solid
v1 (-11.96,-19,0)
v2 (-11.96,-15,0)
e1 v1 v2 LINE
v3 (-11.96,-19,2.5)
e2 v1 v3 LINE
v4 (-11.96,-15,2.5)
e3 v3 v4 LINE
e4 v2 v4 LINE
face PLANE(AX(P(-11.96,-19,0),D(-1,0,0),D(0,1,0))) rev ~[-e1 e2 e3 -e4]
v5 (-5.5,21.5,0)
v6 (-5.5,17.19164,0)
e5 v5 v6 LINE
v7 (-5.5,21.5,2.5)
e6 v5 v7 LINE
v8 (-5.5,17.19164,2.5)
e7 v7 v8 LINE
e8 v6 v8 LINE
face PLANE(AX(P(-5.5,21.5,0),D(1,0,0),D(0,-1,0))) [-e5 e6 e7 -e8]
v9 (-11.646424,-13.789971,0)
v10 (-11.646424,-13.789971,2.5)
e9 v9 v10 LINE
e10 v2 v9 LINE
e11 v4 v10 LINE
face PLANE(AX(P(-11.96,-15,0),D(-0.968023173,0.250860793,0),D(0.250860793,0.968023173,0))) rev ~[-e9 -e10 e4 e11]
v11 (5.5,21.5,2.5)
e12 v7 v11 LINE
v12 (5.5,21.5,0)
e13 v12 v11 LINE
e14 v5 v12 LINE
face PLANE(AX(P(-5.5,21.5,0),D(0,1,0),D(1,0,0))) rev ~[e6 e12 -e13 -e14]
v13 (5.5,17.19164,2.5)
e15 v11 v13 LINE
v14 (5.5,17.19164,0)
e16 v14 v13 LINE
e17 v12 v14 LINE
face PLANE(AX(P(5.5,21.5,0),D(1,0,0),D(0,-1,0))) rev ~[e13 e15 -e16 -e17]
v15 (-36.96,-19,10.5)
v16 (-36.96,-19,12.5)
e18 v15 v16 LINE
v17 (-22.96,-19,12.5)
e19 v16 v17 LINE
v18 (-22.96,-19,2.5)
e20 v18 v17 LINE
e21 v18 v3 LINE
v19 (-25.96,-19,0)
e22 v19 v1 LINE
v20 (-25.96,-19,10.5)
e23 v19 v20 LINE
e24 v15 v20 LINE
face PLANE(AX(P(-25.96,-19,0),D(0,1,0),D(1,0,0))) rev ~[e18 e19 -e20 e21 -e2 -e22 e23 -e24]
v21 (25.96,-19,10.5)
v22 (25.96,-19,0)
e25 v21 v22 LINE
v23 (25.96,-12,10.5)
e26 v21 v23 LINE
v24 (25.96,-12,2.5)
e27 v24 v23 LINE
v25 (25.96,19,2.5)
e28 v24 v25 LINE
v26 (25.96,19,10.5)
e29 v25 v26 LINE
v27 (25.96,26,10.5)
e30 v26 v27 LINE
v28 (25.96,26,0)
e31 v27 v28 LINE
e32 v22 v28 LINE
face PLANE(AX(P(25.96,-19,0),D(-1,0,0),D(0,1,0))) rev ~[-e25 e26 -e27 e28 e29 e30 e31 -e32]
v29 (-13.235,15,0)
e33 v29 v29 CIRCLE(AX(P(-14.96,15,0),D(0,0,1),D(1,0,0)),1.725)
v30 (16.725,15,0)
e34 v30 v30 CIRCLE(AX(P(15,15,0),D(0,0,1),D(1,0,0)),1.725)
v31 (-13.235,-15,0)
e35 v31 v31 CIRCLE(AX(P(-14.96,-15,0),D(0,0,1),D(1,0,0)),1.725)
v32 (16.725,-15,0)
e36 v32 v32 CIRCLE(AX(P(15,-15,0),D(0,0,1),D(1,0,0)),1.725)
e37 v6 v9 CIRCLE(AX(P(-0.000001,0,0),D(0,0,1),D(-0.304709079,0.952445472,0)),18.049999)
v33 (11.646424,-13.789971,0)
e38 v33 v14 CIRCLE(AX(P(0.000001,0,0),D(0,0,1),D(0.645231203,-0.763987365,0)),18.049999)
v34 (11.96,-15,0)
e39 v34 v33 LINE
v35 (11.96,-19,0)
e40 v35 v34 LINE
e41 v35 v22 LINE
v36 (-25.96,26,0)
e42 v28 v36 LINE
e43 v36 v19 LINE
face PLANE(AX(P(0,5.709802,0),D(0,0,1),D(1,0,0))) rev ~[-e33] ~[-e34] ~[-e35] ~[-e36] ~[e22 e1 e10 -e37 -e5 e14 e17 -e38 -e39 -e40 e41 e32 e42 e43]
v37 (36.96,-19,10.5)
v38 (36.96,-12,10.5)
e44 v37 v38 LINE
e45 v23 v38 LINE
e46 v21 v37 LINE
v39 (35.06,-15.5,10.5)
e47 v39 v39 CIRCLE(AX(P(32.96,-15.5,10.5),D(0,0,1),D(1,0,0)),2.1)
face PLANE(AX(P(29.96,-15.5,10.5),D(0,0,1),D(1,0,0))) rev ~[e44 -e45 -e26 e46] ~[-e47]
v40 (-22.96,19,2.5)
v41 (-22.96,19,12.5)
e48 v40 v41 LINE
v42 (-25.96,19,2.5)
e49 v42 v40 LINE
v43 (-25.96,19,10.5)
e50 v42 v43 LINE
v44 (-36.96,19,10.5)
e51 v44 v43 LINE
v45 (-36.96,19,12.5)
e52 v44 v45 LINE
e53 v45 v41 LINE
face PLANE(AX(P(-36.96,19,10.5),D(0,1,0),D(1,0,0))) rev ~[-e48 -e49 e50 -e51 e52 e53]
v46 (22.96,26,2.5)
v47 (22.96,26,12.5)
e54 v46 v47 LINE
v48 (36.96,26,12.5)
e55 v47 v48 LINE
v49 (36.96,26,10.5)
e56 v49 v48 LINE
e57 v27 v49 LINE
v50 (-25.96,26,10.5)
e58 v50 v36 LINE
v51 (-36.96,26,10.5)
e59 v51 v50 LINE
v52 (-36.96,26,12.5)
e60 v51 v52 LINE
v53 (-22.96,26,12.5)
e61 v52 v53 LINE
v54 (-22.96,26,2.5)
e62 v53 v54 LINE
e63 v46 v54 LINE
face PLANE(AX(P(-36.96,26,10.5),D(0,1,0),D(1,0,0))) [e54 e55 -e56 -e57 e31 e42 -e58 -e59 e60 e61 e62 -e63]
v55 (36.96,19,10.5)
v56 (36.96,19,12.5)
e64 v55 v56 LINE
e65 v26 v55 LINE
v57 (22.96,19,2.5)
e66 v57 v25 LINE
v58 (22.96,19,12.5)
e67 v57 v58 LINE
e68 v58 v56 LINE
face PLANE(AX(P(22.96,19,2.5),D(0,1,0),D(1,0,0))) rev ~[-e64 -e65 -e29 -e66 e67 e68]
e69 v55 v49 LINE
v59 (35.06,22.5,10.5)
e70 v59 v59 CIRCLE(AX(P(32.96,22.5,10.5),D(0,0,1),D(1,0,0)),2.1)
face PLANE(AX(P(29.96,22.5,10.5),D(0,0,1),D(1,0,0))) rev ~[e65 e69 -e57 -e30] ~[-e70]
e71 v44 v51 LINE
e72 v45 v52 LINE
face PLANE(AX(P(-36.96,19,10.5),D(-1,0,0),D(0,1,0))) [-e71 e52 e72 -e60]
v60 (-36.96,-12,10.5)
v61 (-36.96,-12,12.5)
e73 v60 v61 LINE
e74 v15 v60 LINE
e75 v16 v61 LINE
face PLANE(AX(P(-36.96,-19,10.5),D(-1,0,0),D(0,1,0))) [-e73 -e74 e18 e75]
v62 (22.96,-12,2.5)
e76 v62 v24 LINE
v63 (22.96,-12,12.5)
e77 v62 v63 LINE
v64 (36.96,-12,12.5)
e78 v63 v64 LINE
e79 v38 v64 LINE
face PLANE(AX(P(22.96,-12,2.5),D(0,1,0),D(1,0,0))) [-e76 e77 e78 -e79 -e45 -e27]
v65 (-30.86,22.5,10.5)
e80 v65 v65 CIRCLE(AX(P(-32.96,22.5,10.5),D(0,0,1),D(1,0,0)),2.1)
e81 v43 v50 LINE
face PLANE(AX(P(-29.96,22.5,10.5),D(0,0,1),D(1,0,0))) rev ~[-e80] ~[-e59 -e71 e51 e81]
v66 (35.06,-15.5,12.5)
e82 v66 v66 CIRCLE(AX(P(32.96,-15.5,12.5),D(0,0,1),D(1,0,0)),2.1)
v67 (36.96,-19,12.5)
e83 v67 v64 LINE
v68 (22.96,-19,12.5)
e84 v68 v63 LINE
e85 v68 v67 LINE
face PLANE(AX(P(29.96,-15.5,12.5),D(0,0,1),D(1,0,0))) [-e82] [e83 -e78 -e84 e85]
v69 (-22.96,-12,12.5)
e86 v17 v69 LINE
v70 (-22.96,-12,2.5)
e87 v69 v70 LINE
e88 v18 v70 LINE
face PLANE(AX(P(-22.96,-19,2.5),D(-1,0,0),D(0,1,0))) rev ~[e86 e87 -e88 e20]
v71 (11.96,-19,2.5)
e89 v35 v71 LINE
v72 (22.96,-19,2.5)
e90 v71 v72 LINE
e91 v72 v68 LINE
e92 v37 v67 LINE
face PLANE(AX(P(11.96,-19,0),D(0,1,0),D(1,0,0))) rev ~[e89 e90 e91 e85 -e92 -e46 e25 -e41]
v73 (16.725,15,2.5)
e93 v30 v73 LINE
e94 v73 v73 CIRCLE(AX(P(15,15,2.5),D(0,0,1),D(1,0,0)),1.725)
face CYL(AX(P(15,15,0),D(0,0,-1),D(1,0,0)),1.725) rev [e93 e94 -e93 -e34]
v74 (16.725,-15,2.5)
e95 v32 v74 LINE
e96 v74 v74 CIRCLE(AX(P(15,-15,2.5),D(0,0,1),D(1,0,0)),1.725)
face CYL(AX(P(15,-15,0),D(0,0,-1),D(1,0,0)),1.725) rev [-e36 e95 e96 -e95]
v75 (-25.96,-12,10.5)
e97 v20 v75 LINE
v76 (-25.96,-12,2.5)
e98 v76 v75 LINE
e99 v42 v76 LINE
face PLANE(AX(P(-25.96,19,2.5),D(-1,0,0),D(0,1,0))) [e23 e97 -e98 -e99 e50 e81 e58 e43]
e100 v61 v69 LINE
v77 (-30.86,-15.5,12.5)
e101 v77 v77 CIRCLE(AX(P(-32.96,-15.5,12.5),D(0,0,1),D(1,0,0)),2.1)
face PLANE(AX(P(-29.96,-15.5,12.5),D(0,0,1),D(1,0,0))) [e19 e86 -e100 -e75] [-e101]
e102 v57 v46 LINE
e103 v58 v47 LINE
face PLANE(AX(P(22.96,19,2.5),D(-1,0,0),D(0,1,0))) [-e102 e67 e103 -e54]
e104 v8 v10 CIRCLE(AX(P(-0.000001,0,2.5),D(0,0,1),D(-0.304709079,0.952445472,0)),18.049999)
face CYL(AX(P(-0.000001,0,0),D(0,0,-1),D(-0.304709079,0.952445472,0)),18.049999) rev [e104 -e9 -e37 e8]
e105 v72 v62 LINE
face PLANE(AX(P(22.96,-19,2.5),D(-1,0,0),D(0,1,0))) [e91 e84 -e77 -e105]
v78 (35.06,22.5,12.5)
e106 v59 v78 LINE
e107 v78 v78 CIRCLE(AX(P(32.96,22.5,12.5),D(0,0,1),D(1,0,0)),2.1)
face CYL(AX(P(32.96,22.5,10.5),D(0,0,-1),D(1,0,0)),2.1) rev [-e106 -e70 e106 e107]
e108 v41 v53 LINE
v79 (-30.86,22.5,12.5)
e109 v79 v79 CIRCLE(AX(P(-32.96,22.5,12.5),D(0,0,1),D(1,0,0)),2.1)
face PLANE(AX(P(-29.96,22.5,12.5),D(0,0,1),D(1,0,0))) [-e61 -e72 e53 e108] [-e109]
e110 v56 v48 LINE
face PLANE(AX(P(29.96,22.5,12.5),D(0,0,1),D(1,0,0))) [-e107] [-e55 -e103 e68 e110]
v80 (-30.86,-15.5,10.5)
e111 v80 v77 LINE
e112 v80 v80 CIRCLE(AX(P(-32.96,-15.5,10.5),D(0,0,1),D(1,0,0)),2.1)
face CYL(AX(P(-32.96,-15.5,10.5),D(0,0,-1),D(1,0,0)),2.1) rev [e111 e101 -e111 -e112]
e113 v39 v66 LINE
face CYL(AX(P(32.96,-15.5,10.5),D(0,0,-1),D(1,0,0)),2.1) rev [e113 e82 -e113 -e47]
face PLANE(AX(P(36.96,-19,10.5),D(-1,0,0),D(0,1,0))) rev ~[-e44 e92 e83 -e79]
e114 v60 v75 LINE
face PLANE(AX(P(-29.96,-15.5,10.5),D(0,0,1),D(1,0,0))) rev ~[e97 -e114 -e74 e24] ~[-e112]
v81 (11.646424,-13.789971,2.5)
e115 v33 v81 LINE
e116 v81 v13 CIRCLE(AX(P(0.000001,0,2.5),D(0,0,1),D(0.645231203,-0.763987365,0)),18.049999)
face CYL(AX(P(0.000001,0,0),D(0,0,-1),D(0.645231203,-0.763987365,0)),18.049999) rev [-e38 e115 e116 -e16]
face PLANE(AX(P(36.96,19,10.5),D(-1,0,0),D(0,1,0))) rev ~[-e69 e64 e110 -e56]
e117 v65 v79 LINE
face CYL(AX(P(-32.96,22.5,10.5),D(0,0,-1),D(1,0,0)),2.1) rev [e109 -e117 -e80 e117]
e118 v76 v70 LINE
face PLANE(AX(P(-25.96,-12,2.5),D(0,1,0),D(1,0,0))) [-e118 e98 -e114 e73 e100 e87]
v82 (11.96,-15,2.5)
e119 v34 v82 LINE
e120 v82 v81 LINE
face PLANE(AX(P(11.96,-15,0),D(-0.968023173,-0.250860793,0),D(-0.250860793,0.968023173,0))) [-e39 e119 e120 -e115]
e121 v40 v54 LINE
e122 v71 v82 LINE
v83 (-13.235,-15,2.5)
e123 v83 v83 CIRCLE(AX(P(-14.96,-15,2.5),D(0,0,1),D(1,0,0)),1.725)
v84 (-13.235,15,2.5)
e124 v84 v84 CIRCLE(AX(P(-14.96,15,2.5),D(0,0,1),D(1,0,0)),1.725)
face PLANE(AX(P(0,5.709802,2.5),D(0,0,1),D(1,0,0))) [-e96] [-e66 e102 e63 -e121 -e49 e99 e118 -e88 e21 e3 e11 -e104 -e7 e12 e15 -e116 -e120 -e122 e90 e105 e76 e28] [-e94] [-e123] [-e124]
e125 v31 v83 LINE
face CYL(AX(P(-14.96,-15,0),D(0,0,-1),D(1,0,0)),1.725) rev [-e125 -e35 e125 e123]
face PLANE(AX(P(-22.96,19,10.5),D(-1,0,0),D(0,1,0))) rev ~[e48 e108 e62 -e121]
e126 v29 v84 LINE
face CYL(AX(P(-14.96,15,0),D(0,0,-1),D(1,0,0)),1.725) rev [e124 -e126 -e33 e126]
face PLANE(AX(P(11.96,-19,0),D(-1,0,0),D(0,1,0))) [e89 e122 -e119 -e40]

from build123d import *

# Parameters (mm, degrees)
SKETCH_R     = 1.725
PAD_DEPTH    = 2.5
SKETCH002_W  = 3
SKETCH002_H  = 7
PAD001_DEPTH = 8
SKETCH003_W  = 14
SKETCH003_H  = 7
SKETCH003_R  = 2.1
PAD002_DEPTH = 2


with BuildPart() as part:
    # Sketch → Pad (new body)
    with BuildSketch(Plane.XY):
        with BuildLine():
            Line((-19.96, -19), (-11.96, -19))
            Line((-11.96, -19), (-11.96, -15))
            Line((-11.96, -15), (-11.646424, -13.789971))
            ThreePointArc((-5.5, 17.19164), (-17.704944, 3.512474), (-11.646424, -13.789971))
            Line((-5.5, 21.5), (-5.5, 17.19164))
            Line((-5.5, 21.5), (5.5, 21.5))
            Line((5.5, 21.5), (5.5, 17.19164))
            ThreePointArc((11.646424, -13.789971), (17.704944, 3.512474), (5.5, 17.19164))
            Line((11.96, -15), (11.646424, -13.789971))
            Line((11.96, -19), (11.96, -15))
            Line((11.96, -19), (20.04, -19))
            Line((20.04, -19), (25.96, -19))
            Line((25.96, -19), (25.96, 26))
            Line((25.96, 26), (20, 26))
            Line((-20, 26), (20, 26))
            Line((-20, 26), (-25.96, 26))
            Line((-25.96, 26), (-25.96, -19))
            Line((-19.96, -19), (-25.96, -19))
        make_face()
        with Locations((-14.96, 15)):
            Circle(SKETCH_R, mode=Mode.SUBTRACT)
        with Locations((15, 15)):
            Circle(SKETCH_R, mode=Mode.SUBTRACT)
        with Locations((-14.96, -15)):
            Circle(SKETCH_R, mode=Mode.SUBTRACT)
        with Locations((15, -15)):
            Circle(SKETCH_R, mode=Mode.SUBTRACT)
    extrude(amount=PAD_DEPTH)

    # Sketch002 (on Face24 of Pad) → Pad001 (join)
    with BuildSketch(Plane.XY.offset(2.5)):
        with Locations((-24.46, 22.5)):
            Rectangle(SKETCH002_W, SKETCH002_H)
        with Locations((-24.46, -15.5)):
            Rectangle(SKETCH002_W, SKETCH002_H)
        with Locations((24.46, -15.5)):
            Rectangle(SKETCH002_W, SKETCH002_H)
        with Locations((24.46, 22.5)):
            Rectangle(SKETCH002_W, SKETCH002_H)
    extrude(amount=PAD001_DEPTH)

    # Sketch003 (on Face25 of Pad001) → Pad002 (join)
    with BuildSketch(Plane.XY.offset(10.5)):
        with Locations((-29.96, 22.5)):
            Rectangle(SKETCH003_W, SKETCH003_H)
        with Locations((-32.96, 22.5)):
            Circle(SKETCH003_R, mode=Mode.SUBTRACT)
        with Locations((-29.96, -15.5)):
            Rectangle(SKETCH003_W, SKETCH003_H)
        with Locations((-32.96, -15.5)):
            Circle(SKETCH003_R, mode=Mode.SUBTRACT)
        with Locations((29.96, -15.5)):
            Rectangle(SKETCH003_W, SKETCH003_H)
        with Locations((32.96, -15.5)):
            Circle(SKETCH003_R, mode=Mode.SUBTRACT)
        with Locations((29.96, 22.5)):
            Rectangle(SKETCH003_W, SKETCH003_H)
        with Locations((32.96, 22.5)):
            Circle(SKETCH003_R, mode=Mode.SUBTRACT)
    extrude(amount=PAD002_DEPTH)


solid = part.part
